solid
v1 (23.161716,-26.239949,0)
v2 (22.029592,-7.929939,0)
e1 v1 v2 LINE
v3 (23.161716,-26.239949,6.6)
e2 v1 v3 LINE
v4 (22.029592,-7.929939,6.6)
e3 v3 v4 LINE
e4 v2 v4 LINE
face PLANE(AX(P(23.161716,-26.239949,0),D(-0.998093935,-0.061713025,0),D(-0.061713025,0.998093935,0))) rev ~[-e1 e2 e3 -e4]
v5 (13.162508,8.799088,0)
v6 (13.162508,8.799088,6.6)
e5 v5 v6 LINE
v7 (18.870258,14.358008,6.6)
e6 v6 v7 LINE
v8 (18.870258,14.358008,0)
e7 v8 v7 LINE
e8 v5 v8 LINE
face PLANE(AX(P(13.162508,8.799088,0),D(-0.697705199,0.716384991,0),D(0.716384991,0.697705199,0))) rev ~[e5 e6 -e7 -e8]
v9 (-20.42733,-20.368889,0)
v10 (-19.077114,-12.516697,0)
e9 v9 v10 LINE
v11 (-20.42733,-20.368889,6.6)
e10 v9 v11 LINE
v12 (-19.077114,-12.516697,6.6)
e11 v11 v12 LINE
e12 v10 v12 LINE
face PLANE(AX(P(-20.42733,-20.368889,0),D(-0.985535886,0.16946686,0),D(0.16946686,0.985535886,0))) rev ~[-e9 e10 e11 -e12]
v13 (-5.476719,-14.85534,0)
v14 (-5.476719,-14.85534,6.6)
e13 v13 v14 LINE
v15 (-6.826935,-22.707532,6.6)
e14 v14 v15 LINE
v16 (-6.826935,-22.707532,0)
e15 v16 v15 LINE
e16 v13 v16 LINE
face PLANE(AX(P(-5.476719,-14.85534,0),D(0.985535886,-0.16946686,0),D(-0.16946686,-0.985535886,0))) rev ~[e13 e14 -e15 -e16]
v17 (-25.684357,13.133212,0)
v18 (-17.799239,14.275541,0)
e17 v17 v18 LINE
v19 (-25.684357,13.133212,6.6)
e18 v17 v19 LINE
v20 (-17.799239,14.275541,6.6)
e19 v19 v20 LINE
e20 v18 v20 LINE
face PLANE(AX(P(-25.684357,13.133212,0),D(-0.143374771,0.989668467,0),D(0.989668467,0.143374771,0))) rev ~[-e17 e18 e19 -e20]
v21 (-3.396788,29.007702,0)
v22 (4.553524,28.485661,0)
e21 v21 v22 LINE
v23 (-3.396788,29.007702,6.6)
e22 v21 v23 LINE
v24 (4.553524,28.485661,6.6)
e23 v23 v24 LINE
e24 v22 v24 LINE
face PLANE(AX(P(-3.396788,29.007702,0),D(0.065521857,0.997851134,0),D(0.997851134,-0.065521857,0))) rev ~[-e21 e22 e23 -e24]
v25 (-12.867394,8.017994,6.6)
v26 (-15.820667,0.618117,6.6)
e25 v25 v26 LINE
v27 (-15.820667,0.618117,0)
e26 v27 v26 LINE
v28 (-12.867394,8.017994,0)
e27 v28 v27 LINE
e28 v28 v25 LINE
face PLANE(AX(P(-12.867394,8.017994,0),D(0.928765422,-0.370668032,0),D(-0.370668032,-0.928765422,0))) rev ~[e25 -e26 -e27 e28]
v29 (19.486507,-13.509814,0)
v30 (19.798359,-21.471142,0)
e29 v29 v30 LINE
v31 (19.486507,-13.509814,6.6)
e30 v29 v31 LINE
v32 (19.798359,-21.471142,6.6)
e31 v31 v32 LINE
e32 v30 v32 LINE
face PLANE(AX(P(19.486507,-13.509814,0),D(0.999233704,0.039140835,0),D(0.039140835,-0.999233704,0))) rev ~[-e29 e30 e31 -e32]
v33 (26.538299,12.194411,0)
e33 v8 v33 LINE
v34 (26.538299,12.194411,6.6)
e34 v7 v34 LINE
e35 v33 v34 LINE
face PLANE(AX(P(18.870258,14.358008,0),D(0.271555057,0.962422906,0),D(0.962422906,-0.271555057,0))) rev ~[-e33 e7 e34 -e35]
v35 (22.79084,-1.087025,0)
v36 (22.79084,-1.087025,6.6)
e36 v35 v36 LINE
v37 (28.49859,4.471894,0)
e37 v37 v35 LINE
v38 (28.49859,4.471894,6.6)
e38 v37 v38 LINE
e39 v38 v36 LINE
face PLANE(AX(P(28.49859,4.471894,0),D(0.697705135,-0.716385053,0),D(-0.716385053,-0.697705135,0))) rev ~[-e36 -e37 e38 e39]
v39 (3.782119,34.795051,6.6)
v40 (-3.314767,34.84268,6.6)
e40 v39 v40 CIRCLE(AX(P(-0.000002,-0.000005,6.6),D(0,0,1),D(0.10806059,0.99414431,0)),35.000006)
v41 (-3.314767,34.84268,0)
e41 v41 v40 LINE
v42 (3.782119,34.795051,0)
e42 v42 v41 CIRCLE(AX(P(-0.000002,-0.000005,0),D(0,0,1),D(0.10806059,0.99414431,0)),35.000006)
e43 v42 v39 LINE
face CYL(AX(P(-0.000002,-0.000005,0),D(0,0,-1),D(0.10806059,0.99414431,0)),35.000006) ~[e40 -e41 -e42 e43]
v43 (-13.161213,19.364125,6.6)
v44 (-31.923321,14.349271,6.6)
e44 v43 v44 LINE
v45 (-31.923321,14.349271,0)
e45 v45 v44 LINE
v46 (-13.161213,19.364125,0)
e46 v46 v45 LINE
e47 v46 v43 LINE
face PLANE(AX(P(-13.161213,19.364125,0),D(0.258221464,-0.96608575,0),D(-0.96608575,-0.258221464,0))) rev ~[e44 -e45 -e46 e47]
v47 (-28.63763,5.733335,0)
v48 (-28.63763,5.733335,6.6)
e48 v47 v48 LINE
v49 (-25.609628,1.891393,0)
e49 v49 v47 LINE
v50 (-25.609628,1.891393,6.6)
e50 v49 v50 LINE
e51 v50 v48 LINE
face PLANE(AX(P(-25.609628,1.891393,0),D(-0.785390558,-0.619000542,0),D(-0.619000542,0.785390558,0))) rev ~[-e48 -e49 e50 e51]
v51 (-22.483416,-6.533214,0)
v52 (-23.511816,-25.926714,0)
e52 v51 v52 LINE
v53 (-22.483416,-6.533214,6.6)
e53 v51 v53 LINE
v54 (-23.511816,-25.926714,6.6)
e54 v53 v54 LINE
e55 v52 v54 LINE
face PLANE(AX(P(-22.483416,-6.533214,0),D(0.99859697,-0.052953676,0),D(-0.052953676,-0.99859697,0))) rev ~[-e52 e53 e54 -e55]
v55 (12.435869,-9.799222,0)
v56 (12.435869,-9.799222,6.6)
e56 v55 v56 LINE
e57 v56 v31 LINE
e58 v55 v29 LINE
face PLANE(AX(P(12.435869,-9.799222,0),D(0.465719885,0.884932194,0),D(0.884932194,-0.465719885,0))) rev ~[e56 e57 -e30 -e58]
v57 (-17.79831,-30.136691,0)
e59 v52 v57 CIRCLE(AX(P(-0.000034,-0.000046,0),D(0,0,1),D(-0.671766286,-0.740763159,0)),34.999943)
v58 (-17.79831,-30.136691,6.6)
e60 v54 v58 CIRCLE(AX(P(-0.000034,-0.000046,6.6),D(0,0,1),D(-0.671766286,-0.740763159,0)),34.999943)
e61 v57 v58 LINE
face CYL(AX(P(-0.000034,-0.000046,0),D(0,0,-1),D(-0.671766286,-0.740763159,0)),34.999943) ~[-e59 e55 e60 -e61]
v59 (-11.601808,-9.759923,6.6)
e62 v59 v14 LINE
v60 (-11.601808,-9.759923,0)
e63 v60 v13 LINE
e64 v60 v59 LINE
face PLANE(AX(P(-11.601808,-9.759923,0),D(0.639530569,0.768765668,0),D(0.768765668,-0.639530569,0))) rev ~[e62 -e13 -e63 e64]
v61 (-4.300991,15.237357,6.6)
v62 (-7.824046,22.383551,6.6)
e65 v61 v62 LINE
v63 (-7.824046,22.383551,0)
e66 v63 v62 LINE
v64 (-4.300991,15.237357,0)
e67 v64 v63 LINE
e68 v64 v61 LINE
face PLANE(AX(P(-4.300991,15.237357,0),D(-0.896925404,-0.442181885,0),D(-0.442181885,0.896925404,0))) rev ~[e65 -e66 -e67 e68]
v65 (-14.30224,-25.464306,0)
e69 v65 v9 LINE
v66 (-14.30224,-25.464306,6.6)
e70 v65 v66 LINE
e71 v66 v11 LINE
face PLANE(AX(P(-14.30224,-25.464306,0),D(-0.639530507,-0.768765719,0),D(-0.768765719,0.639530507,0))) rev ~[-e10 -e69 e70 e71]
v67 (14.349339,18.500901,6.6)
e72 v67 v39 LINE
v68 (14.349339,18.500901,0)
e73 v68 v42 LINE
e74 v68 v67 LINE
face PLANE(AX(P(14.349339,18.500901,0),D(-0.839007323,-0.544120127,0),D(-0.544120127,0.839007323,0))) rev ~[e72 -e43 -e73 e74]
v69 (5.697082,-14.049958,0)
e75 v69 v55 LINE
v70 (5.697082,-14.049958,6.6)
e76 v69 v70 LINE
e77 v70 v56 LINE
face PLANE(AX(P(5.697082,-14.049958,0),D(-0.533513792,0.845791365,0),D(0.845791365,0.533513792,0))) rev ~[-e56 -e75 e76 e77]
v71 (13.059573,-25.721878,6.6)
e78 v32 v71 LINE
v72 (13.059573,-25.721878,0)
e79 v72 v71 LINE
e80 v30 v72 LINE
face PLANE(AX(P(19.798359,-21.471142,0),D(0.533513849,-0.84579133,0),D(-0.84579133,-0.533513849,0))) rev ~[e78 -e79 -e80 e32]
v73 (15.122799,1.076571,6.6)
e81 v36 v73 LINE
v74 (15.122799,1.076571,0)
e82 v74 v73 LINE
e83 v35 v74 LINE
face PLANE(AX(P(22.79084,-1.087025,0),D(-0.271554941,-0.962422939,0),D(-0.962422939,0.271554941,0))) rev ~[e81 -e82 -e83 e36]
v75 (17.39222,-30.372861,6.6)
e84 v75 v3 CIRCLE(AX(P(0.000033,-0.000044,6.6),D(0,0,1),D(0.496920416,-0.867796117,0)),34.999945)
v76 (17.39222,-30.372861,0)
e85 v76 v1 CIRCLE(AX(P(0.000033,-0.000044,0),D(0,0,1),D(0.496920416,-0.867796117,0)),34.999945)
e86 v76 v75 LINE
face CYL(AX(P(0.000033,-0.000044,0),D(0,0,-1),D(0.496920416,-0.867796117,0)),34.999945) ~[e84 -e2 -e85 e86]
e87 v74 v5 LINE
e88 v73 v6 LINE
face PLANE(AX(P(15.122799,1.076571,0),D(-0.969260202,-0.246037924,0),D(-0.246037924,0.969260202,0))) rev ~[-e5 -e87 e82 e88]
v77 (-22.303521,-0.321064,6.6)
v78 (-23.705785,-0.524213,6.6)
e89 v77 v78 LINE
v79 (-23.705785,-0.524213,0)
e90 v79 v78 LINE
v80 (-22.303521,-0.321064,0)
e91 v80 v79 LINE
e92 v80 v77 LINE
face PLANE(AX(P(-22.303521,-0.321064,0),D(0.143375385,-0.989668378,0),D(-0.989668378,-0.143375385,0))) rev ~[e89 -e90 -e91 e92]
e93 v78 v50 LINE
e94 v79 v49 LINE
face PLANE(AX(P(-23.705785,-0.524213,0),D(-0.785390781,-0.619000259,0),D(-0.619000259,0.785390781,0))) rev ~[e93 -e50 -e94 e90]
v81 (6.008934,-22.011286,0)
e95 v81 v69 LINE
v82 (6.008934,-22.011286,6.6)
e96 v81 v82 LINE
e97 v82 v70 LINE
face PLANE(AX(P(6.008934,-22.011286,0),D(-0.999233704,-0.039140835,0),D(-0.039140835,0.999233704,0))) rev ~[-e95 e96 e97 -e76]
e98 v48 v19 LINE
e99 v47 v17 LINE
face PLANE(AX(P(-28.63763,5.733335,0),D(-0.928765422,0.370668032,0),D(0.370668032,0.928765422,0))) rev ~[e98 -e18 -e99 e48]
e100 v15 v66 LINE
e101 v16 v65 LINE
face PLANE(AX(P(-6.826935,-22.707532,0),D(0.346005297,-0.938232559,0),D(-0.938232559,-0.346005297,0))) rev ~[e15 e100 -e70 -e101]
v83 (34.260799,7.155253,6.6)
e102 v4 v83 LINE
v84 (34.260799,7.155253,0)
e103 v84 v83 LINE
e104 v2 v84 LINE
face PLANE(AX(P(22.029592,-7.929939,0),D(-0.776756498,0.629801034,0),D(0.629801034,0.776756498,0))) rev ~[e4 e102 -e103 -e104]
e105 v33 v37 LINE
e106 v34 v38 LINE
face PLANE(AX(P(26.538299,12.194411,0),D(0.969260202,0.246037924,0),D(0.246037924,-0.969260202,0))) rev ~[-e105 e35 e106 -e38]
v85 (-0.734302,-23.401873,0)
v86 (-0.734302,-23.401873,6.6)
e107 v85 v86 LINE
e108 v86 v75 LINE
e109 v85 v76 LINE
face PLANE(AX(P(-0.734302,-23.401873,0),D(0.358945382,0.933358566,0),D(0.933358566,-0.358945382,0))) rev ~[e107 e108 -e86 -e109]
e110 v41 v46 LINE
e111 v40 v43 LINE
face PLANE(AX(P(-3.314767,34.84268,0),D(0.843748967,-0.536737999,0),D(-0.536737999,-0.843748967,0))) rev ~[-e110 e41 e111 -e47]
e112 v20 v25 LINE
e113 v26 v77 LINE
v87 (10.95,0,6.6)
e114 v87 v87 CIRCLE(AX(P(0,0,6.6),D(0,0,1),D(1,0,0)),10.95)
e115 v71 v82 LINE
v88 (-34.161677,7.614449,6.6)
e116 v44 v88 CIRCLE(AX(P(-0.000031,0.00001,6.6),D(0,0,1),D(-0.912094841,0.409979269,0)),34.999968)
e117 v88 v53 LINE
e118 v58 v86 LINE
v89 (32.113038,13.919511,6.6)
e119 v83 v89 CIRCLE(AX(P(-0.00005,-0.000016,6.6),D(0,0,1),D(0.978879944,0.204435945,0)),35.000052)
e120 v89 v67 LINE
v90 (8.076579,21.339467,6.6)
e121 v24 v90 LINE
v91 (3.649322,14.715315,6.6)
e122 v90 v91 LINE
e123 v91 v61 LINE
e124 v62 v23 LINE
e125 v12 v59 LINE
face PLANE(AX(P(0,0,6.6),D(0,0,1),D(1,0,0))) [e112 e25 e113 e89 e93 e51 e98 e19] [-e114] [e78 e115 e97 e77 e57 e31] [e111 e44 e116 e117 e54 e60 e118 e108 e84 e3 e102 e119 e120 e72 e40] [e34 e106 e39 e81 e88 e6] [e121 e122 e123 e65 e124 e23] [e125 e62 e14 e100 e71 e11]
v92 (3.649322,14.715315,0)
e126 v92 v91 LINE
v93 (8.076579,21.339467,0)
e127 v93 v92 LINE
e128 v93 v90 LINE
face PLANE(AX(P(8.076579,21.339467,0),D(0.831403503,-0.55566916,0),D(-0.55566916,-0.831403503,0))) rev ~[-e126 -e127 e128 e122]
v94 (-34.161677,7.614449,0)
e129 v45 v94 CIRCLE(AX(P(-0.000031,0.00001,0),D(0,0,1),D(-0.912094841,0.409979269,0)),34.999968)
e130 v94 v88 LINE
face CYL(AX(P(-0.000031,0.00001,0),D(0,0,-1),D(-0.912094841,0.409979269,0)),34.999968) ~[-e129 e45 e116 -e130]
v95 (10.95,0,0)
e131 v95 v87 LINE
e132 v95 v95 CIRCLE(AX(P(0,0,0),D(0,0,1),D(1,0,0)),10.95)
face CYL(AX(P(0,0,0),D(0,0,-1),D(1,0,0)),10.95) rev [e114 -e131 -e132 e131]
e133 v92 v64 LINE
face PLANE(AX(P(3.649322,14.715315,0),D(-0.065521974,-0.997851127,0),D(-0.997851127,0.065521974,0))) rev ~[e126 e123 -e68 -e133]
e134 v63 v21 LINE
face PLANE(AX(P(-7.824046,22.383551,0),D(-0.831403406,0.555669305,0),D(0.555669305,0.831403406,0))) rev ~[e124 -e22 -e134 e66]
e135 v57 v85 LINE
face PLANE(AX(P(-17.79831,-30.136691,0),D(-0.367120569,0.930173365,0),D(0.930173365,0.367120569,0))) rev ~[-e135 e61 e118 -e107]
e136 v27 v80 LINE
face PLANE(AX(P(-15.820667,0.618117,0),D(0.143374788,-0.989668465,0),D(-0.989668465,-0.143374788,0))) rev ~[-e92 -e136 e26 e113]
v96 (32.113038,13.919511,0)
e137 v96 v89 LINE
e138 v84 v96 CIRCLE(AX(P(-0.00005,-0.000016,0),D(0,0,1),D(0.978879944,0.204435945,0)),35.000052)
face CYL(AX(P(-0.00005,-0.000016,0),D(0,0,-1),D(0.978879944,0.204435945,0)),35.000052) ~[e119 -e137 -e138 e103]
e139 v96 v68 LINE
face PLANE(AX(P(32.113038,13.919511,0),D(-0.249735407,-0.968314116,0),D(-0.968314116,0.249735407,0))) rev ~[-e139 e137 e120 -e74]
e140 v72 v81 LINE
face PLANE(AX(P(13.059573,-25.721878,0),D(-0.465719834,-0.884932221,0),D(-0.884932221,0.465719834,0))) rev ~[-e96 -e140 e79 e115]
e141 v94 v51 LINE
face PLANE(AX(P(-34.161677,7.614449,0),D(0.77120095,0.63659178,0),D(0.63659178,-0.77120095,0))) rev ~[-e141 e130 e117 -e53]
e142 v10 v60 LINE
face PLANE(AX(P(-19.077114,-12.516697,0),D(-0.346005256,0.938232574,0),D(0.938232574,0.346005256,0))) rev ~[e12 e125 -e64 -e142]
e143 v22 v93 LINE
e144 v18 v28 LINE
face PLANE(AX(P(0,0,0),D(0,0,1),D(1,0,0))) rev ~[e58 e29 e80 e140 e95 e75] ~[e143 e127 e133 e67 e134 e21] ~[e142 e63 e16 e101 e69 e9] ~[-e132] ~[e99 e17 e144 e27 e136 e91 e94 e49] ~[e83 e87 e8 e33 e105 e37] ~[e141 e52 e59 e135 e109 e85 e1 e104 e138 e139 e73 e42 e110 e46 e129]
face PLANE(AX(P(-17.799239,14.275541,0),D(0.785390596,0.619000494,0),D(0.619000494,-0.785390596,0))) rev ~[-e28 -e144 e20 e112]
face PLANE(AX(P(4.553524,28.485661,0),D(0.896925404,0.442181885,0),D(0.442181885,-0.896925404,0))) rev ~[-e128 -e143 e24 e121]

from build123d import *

# Parameters (mm, degrees)
F0_R     = 10.95
F1_DEPTH = 6.6


with BuildPart() as f1:
    # F0 (on Top) → F1 (new body)
    with BuildSketch(Plane.XY):
        with BuildLine():
            Line((-22.483416, -6.533214), (-23.511816, -25.926714))
            ThreePointArc((-23.511816, -25.926714), (-20.762047, -28.176895), (-17.79831, -30.136691))
            Line((-17.79831, -30.136691), (-0.734302, -23.401873))
            Line((-0.734302, -23.401873), (17.39222, -30.372861))
            ThreePointArc((17.39222, -30.372861), (20.381994, -28.45302), (23.161716, -26.239949))
            Line((23.161716, -26.239949), (22.029592, -7.929939))
            Line((22.029592, -7.929939), (34.260799, 7.155253))
            ThreePointArc((34.260799, 7.155253), (33.358812, 10.591961), (32.113038, 13.919511))
            Line((32.113038, 13.919511), (14.349339, 18.500901))
            Line((14.349339, 18.500901), (3.782119, 34.795051))
            ThreePointArc((3.782119, 34.795051), (0.234886, 34.999212), (-3.314767, 34.84268))
            Line((-3.314767, 34.84268), (-13.161213, 19.364125))
            Line((-13.161213, 19.364125), (-31.923321, 14.349271))
            ThreePointArc((-31.923321, 14.349271), (-33.213645, 11.038741), (-34.161677, 7.614449))
            Line((-34.161677, 7.614449), (-22.483416, -6.533214))
        make_face()
        Polygon((-5.476719, -14.85534), (-6.826935, -22.707532), (-14.30224, -25.464306), (-20.42733, -20.368889), (-19.077114, -12.516697), (-11.601808, -9.759923), align=None, mode=Mode.SUBTRACT)
        Circle(F0_R, mode=Mode.SUBTRACT)
        Polygon((12.435869, -9.799222), (19.486507, -13.509814), (19.798359, -21.471142), (13.059573, -25.721878), (6.008934, -22.011286), (5.697082, -14.049958), align=None, mode=Mode.SUBTRACT)
        Polygon((-23.705785, -0.524213), (-25.609628, 1.891393), (-28.63763, 5.733335), (-25.684357, 13.133212), (-17.799239, 14.275541), (-12.867394, 8.017994), (-15.820667, 0.618117), (-22.303521, -0.321064), align=None, mode=Mode.SUBTRACT)
        Polygon((13.162508, 8.799088), (18.870258, 14.358008), (26.538299, 12.194411), (28.49859, 4.471894), (22.79084, -1.087025), (15.122799, 1.076571), align=None, mode=Mode.SUBTRACT)
        Polygon((-4.300991, 15.237357), (-7.824046, 22.383551), (-3.396788, 29.007702), (4.553524, 28.485661), (8.076579, 21.339467), (3.649322, 14.715315), align=None, mode=Mode.SUBTRACT)
    extrude(amount=F1_DEPTH)


solid = f1.part
